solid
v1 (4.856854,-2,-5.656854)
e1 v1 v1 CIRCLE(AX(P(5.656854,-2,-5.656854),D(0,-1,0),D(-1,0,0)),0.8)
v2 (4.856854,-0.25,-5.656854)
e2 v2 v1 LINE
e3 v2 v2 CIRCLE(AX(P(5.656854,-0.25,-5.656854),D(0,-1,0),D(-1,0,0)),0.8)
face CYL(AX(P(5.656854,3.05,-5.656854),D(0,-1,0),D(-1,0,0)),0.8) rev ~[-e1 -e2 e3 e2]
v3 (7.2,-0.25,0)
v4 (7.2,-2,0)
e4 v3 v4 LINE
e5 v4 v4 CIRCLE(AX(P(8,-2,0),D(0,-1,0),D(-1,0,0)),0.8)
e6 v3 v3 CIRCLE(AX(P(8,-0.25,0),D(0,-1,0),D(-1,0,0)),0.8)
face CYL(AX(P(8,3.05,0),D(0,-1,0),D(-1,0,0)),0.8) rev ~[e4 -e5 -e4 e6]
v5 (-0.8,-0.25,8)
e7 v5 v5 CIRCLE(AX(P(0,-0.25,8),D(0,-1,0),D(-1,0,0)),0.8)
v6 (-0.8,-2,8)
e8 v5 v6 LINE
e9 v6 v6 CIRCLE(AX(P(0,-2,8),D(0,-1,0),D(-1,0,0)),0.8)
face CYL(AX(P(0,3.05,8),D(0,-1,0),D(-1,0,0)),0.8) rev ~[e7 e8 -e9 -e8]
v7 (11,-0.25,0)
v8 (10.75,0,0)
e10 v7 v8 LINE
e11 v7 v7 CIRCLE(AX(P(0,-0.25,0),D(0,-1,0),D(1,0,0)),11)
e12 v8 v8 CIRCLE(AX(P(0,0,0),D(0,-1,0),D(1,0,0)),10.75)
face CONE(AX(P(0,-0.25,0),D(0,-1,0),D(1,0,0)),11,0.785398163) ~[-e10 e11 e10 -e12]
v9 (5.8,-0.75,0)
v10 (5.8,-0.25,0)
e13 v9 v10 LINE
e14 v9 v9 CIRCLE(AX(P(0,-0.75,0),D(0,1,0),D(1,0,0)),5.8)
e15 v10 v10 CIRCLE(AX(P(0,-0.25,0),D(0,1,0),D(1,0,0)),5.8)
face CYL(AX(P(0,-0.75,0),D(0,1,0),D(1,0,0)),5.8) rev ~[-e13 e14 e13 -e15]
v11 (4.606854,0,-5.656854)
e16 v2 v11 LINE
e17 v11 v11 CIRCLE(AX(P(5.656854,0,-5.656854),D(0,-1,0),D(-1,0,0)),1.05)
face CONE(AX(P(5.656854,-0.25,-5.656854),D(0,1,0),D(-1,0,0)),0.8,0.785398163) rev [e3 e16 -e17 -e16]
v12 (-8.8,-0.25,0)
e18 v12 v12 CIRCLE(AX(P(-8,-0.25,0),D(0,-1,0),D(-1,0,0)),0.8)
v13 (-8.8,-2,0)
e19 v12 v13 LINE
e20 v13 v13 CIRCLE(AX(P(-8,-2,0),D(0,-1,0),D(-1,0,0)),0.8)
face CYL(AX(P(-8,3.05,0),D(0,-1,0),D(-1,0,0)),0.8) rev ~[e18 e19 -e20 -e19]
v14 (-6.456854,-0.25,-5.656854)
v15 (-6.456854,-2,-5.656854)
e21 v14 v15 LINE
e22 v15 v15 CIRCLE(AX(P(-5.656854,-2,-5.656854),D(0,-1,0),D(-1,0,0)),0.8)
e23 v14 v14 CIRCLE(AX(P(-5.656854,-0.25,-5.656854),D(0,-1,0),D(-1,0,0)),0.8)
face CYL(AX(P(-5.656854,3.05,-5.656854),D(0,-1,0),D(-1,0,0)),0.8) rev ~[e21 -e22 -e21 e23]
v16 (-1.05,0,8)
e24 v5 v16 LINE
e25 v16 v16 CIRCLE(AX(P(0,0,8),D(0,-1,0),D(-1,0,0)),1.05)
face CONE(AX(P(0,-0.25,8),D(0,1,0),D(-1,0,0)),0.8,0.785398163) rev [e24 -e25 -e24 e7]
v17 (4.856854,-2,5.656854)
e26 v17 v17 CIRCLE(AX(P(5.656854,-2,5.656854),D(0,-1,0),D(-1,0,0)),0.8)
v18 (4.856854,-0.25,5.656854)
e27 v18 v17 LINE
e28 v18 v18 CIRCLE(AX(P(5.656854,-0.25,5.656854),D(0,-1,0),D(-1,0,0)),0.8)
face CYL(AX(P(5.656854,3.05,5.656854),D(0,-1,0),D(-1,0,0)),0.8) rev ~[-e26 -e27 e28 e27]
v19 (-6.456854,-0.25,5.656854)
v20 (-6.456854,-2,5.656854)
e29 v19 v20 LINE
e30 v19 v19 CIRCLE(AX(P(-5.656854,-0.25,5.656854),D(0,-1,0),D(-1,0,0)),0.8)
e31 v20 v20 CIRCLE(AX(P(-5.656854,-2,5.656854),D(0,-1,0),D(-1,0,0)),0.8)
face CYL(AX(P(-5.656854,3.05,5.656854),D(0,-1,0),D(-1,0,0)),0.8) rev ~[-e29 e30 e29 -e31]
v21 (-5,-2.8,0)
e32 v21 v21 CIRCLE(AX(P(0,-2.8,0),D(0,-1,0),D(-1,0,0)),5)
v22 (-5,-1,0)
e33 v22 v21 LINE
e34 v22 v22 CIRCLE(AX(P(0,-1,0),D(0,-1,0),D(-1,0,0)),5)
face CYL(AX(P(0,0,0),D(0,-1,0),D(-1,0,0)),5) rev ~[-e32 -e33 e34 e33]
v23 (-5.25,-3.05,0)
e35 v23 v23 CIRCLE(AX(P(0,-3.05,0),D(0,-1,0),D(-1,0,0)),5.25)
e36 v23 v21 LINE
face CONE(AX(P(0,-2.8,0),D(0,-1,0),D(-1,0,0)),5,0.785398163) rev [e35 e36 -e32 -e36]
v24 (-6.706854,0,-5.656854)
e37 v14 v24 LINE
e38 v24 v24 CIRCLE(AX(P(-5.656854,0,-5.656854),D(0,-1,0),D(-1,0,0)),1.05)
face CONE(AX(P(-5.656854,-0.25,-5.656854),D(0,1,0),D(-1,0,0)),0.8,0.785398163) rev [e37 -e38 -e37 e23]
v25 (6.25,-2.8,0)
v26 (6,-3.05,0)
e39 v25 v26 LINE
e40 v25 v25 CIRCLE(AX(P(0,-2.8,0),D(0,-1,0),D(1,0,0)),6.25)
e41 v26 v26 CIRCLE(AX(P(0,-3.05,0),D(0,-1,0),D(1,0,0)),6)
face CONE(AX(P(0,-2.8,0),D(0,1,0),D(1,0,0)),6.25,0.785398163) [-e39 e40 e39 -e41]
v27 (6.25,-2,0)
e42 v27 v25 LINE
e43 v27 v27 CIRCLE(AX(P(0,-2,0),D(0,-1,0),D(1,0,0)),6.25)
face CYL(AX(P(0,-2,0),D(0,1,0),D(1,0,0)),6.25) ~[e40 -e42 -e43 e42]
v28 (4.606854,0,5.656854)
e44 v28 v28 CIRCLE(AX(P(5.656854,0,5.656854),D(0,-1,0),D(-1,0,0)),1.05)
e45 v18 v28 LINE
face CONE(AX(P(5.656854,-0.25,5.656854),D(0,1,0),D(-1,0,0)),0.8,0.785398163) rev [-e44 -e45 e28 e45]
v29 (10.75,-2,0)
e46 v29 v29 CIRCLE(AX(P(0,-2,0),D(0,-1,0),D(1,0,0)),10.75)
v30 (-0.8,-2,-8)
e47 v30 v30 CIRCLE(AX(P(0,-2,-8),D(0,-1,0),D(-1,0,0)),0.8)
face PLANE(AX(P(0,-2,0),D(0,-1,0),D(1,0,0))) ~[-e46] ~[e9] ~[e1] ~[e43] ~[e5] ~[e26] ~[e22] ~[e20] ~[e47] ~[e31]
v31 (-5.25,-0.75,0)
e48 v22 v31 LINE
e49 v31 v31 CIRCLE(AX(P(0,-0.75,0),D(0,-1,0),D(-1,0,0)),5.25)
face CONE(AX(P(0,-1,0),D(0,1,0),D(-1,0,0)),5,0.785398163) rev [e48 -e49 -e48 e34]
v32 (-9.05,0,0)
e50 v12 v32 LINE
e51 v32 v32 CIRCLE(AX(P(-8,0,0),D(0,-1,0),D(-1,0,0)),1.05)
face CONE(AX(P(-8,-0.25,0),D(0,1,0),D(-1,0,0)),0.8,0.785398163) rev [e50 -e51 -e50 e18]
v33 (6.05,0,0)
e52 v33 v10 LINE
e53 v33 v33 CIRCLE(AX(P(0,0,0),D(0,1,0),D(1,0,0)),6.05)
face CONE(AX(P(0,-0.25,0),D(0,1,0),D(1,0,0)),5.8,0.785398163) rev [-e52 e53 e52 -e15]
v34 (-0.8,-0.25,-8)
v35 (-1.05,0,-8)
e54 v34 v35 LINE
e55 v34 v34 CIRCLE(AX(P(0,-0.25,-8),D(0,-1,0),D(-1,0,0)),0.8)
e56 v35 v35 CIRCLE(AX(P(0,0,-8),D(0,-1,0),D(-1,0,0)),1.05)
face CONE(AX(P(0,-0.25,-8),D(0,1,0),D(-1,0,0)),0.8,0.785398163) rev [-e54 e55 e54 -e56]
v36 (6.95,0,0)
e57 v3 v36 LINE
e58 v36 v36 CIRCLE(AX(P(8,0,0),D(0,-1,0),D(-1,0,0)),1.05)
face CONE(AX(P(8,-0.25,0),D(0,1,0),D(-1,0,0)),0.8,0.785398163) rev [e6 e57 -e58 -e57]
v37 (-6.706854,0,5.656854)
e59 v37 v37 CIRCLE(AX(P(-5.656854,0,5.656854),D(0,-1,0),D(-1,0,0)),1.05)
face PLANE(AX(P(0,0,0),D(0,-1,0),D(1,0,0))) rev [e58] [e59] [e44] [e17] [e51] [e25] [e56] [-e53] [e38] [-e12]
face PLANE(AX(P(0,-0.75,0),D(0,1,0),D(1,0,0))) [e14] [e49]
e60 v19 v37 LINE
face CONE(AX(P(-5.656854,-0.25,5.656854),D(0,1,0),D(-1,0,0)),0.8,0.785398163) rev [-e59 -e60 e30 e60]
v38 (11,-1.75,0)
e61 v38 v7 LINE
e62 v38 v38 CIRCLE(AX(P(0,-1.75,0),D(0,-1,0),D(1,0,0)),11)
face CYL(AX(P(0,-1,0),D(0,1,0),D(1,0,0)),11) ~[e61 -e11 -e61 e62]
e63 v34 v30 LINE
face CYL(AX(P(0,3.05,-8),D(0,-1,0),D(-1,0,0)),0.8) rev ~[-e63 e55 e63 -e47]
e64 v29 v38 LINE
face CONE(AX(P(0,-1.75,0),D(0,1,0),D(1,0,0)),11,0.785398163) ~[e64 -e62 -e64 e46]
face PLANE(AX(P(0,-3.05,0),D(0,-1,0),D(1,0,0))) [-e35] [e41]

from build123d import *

# Parameters (mm, degrees)
SKETCH1_W                                            = 11
SKETCH1_H                                            = 2
SKETCH2_R                                            = 6.25
BOSS_EXTRUDE1_DEPTH                                  = 1.05
HOLE1_D                                              = 1.6
HOLE1_DEPTH                                          = 3.05
CBORE_FOR_3_8_BINDING_HEAD_MACHINE_SCREW_D           = 10
CBORE_FOR_3_8_BINDING_HEAD_MACHINE_SCREW_DEPTH       = 3.05
CBORE_FOR_3_8_BINDING_HEAD_MACHINE_SCREW_CBORE_D     = 11.6
CBORE_FOR_3_8_BINDING_HEAD_MACHINE_SCREW_CBORE_DEPTH = 0.75
CHAMFER1_SIZE                                        = 0.25


with BuildPart() as part:
    # Sketch1 → Revolve1 (revolve)
    with BuildSketch(Plane.XY):
        with Locations((5.5, -1)):
            Rectangle(SKETCH1_W, SKETCH1_H)
    revolve(axis=Axis((0, 0, 0), (0, -1, 0)))

    # Sketch2 → Boss-Extrude1 (add)
    with BuildSketch(Plane.XZ.offset(2)):
        Circle(SKETCH2_R)
    extrude(amount=BOSS_EXTRUDE1_DEPTH)

    # Hole1
    with Locations(Plane(origin=(0, 0, 0), x_dir=(1, 0, 0), z_dir=(0, 1, 0))):
        with Locations((0, 8), (5.656854249, 5.656854249), (8, 0), (5.656854249, -5.656854249), (0, -8), (-5.656854249, -5.656854249), (-8, 0), (-5.656854249, 5.656854249)):
            Hole(HOLE1_D / 2, depth=HOLE1_DEPTH)

    # CBORE for 3/8 Binding Head Machine Screw1
    with Locations(Plane(origin=(0, 0, 0), x_dir=(1, 0, 0), z_dir=(0, 1, 0))):
        with Locations((0, 0)):
            CounterBoreHole(CBORE_FOR_3_8_BINDING_HEAD_MACHINE_SCREW_D / 2, CBORE_FOR_3_8_BINDING_HEAD_MACHINE_SCREW_CBORE_D / 2, CBORE_FOR_3_8_BINDING_HEAD_MACHINE_SCREW_CBORE_DEPTH, depth=CBORE_FOR_3_8_BINDING_HEAD_MACHINE_SCREW_DEPTH)

    # Chamfer1
    chamfer1_edges = [part.edges().sort_by_distance(p)[0] for p in [
        (-4.856854249, 0, -5.656854249),
        (-7.2, 0, 0),
        (-4.856854249, 0, 5.656854249),
        (-11, -2, 0),
        (0.8, 0, 8),
        (6.456854249, 0, 5.656854249),
        (-11, 0, 0),
        (8.8, 0, 0),
        (6.456854249, 0, -5.656854249),
        (0.8, 0, -8),
        (-5.8, 0, 0),
        (5, -3.05, 0),
        (5, -0.75, 0),
        (-6.25, -3.05, 0),
    ]]
    chamfer(chamfer1_edges, length=CHAMFER1_SIZE)


solid = part.part
